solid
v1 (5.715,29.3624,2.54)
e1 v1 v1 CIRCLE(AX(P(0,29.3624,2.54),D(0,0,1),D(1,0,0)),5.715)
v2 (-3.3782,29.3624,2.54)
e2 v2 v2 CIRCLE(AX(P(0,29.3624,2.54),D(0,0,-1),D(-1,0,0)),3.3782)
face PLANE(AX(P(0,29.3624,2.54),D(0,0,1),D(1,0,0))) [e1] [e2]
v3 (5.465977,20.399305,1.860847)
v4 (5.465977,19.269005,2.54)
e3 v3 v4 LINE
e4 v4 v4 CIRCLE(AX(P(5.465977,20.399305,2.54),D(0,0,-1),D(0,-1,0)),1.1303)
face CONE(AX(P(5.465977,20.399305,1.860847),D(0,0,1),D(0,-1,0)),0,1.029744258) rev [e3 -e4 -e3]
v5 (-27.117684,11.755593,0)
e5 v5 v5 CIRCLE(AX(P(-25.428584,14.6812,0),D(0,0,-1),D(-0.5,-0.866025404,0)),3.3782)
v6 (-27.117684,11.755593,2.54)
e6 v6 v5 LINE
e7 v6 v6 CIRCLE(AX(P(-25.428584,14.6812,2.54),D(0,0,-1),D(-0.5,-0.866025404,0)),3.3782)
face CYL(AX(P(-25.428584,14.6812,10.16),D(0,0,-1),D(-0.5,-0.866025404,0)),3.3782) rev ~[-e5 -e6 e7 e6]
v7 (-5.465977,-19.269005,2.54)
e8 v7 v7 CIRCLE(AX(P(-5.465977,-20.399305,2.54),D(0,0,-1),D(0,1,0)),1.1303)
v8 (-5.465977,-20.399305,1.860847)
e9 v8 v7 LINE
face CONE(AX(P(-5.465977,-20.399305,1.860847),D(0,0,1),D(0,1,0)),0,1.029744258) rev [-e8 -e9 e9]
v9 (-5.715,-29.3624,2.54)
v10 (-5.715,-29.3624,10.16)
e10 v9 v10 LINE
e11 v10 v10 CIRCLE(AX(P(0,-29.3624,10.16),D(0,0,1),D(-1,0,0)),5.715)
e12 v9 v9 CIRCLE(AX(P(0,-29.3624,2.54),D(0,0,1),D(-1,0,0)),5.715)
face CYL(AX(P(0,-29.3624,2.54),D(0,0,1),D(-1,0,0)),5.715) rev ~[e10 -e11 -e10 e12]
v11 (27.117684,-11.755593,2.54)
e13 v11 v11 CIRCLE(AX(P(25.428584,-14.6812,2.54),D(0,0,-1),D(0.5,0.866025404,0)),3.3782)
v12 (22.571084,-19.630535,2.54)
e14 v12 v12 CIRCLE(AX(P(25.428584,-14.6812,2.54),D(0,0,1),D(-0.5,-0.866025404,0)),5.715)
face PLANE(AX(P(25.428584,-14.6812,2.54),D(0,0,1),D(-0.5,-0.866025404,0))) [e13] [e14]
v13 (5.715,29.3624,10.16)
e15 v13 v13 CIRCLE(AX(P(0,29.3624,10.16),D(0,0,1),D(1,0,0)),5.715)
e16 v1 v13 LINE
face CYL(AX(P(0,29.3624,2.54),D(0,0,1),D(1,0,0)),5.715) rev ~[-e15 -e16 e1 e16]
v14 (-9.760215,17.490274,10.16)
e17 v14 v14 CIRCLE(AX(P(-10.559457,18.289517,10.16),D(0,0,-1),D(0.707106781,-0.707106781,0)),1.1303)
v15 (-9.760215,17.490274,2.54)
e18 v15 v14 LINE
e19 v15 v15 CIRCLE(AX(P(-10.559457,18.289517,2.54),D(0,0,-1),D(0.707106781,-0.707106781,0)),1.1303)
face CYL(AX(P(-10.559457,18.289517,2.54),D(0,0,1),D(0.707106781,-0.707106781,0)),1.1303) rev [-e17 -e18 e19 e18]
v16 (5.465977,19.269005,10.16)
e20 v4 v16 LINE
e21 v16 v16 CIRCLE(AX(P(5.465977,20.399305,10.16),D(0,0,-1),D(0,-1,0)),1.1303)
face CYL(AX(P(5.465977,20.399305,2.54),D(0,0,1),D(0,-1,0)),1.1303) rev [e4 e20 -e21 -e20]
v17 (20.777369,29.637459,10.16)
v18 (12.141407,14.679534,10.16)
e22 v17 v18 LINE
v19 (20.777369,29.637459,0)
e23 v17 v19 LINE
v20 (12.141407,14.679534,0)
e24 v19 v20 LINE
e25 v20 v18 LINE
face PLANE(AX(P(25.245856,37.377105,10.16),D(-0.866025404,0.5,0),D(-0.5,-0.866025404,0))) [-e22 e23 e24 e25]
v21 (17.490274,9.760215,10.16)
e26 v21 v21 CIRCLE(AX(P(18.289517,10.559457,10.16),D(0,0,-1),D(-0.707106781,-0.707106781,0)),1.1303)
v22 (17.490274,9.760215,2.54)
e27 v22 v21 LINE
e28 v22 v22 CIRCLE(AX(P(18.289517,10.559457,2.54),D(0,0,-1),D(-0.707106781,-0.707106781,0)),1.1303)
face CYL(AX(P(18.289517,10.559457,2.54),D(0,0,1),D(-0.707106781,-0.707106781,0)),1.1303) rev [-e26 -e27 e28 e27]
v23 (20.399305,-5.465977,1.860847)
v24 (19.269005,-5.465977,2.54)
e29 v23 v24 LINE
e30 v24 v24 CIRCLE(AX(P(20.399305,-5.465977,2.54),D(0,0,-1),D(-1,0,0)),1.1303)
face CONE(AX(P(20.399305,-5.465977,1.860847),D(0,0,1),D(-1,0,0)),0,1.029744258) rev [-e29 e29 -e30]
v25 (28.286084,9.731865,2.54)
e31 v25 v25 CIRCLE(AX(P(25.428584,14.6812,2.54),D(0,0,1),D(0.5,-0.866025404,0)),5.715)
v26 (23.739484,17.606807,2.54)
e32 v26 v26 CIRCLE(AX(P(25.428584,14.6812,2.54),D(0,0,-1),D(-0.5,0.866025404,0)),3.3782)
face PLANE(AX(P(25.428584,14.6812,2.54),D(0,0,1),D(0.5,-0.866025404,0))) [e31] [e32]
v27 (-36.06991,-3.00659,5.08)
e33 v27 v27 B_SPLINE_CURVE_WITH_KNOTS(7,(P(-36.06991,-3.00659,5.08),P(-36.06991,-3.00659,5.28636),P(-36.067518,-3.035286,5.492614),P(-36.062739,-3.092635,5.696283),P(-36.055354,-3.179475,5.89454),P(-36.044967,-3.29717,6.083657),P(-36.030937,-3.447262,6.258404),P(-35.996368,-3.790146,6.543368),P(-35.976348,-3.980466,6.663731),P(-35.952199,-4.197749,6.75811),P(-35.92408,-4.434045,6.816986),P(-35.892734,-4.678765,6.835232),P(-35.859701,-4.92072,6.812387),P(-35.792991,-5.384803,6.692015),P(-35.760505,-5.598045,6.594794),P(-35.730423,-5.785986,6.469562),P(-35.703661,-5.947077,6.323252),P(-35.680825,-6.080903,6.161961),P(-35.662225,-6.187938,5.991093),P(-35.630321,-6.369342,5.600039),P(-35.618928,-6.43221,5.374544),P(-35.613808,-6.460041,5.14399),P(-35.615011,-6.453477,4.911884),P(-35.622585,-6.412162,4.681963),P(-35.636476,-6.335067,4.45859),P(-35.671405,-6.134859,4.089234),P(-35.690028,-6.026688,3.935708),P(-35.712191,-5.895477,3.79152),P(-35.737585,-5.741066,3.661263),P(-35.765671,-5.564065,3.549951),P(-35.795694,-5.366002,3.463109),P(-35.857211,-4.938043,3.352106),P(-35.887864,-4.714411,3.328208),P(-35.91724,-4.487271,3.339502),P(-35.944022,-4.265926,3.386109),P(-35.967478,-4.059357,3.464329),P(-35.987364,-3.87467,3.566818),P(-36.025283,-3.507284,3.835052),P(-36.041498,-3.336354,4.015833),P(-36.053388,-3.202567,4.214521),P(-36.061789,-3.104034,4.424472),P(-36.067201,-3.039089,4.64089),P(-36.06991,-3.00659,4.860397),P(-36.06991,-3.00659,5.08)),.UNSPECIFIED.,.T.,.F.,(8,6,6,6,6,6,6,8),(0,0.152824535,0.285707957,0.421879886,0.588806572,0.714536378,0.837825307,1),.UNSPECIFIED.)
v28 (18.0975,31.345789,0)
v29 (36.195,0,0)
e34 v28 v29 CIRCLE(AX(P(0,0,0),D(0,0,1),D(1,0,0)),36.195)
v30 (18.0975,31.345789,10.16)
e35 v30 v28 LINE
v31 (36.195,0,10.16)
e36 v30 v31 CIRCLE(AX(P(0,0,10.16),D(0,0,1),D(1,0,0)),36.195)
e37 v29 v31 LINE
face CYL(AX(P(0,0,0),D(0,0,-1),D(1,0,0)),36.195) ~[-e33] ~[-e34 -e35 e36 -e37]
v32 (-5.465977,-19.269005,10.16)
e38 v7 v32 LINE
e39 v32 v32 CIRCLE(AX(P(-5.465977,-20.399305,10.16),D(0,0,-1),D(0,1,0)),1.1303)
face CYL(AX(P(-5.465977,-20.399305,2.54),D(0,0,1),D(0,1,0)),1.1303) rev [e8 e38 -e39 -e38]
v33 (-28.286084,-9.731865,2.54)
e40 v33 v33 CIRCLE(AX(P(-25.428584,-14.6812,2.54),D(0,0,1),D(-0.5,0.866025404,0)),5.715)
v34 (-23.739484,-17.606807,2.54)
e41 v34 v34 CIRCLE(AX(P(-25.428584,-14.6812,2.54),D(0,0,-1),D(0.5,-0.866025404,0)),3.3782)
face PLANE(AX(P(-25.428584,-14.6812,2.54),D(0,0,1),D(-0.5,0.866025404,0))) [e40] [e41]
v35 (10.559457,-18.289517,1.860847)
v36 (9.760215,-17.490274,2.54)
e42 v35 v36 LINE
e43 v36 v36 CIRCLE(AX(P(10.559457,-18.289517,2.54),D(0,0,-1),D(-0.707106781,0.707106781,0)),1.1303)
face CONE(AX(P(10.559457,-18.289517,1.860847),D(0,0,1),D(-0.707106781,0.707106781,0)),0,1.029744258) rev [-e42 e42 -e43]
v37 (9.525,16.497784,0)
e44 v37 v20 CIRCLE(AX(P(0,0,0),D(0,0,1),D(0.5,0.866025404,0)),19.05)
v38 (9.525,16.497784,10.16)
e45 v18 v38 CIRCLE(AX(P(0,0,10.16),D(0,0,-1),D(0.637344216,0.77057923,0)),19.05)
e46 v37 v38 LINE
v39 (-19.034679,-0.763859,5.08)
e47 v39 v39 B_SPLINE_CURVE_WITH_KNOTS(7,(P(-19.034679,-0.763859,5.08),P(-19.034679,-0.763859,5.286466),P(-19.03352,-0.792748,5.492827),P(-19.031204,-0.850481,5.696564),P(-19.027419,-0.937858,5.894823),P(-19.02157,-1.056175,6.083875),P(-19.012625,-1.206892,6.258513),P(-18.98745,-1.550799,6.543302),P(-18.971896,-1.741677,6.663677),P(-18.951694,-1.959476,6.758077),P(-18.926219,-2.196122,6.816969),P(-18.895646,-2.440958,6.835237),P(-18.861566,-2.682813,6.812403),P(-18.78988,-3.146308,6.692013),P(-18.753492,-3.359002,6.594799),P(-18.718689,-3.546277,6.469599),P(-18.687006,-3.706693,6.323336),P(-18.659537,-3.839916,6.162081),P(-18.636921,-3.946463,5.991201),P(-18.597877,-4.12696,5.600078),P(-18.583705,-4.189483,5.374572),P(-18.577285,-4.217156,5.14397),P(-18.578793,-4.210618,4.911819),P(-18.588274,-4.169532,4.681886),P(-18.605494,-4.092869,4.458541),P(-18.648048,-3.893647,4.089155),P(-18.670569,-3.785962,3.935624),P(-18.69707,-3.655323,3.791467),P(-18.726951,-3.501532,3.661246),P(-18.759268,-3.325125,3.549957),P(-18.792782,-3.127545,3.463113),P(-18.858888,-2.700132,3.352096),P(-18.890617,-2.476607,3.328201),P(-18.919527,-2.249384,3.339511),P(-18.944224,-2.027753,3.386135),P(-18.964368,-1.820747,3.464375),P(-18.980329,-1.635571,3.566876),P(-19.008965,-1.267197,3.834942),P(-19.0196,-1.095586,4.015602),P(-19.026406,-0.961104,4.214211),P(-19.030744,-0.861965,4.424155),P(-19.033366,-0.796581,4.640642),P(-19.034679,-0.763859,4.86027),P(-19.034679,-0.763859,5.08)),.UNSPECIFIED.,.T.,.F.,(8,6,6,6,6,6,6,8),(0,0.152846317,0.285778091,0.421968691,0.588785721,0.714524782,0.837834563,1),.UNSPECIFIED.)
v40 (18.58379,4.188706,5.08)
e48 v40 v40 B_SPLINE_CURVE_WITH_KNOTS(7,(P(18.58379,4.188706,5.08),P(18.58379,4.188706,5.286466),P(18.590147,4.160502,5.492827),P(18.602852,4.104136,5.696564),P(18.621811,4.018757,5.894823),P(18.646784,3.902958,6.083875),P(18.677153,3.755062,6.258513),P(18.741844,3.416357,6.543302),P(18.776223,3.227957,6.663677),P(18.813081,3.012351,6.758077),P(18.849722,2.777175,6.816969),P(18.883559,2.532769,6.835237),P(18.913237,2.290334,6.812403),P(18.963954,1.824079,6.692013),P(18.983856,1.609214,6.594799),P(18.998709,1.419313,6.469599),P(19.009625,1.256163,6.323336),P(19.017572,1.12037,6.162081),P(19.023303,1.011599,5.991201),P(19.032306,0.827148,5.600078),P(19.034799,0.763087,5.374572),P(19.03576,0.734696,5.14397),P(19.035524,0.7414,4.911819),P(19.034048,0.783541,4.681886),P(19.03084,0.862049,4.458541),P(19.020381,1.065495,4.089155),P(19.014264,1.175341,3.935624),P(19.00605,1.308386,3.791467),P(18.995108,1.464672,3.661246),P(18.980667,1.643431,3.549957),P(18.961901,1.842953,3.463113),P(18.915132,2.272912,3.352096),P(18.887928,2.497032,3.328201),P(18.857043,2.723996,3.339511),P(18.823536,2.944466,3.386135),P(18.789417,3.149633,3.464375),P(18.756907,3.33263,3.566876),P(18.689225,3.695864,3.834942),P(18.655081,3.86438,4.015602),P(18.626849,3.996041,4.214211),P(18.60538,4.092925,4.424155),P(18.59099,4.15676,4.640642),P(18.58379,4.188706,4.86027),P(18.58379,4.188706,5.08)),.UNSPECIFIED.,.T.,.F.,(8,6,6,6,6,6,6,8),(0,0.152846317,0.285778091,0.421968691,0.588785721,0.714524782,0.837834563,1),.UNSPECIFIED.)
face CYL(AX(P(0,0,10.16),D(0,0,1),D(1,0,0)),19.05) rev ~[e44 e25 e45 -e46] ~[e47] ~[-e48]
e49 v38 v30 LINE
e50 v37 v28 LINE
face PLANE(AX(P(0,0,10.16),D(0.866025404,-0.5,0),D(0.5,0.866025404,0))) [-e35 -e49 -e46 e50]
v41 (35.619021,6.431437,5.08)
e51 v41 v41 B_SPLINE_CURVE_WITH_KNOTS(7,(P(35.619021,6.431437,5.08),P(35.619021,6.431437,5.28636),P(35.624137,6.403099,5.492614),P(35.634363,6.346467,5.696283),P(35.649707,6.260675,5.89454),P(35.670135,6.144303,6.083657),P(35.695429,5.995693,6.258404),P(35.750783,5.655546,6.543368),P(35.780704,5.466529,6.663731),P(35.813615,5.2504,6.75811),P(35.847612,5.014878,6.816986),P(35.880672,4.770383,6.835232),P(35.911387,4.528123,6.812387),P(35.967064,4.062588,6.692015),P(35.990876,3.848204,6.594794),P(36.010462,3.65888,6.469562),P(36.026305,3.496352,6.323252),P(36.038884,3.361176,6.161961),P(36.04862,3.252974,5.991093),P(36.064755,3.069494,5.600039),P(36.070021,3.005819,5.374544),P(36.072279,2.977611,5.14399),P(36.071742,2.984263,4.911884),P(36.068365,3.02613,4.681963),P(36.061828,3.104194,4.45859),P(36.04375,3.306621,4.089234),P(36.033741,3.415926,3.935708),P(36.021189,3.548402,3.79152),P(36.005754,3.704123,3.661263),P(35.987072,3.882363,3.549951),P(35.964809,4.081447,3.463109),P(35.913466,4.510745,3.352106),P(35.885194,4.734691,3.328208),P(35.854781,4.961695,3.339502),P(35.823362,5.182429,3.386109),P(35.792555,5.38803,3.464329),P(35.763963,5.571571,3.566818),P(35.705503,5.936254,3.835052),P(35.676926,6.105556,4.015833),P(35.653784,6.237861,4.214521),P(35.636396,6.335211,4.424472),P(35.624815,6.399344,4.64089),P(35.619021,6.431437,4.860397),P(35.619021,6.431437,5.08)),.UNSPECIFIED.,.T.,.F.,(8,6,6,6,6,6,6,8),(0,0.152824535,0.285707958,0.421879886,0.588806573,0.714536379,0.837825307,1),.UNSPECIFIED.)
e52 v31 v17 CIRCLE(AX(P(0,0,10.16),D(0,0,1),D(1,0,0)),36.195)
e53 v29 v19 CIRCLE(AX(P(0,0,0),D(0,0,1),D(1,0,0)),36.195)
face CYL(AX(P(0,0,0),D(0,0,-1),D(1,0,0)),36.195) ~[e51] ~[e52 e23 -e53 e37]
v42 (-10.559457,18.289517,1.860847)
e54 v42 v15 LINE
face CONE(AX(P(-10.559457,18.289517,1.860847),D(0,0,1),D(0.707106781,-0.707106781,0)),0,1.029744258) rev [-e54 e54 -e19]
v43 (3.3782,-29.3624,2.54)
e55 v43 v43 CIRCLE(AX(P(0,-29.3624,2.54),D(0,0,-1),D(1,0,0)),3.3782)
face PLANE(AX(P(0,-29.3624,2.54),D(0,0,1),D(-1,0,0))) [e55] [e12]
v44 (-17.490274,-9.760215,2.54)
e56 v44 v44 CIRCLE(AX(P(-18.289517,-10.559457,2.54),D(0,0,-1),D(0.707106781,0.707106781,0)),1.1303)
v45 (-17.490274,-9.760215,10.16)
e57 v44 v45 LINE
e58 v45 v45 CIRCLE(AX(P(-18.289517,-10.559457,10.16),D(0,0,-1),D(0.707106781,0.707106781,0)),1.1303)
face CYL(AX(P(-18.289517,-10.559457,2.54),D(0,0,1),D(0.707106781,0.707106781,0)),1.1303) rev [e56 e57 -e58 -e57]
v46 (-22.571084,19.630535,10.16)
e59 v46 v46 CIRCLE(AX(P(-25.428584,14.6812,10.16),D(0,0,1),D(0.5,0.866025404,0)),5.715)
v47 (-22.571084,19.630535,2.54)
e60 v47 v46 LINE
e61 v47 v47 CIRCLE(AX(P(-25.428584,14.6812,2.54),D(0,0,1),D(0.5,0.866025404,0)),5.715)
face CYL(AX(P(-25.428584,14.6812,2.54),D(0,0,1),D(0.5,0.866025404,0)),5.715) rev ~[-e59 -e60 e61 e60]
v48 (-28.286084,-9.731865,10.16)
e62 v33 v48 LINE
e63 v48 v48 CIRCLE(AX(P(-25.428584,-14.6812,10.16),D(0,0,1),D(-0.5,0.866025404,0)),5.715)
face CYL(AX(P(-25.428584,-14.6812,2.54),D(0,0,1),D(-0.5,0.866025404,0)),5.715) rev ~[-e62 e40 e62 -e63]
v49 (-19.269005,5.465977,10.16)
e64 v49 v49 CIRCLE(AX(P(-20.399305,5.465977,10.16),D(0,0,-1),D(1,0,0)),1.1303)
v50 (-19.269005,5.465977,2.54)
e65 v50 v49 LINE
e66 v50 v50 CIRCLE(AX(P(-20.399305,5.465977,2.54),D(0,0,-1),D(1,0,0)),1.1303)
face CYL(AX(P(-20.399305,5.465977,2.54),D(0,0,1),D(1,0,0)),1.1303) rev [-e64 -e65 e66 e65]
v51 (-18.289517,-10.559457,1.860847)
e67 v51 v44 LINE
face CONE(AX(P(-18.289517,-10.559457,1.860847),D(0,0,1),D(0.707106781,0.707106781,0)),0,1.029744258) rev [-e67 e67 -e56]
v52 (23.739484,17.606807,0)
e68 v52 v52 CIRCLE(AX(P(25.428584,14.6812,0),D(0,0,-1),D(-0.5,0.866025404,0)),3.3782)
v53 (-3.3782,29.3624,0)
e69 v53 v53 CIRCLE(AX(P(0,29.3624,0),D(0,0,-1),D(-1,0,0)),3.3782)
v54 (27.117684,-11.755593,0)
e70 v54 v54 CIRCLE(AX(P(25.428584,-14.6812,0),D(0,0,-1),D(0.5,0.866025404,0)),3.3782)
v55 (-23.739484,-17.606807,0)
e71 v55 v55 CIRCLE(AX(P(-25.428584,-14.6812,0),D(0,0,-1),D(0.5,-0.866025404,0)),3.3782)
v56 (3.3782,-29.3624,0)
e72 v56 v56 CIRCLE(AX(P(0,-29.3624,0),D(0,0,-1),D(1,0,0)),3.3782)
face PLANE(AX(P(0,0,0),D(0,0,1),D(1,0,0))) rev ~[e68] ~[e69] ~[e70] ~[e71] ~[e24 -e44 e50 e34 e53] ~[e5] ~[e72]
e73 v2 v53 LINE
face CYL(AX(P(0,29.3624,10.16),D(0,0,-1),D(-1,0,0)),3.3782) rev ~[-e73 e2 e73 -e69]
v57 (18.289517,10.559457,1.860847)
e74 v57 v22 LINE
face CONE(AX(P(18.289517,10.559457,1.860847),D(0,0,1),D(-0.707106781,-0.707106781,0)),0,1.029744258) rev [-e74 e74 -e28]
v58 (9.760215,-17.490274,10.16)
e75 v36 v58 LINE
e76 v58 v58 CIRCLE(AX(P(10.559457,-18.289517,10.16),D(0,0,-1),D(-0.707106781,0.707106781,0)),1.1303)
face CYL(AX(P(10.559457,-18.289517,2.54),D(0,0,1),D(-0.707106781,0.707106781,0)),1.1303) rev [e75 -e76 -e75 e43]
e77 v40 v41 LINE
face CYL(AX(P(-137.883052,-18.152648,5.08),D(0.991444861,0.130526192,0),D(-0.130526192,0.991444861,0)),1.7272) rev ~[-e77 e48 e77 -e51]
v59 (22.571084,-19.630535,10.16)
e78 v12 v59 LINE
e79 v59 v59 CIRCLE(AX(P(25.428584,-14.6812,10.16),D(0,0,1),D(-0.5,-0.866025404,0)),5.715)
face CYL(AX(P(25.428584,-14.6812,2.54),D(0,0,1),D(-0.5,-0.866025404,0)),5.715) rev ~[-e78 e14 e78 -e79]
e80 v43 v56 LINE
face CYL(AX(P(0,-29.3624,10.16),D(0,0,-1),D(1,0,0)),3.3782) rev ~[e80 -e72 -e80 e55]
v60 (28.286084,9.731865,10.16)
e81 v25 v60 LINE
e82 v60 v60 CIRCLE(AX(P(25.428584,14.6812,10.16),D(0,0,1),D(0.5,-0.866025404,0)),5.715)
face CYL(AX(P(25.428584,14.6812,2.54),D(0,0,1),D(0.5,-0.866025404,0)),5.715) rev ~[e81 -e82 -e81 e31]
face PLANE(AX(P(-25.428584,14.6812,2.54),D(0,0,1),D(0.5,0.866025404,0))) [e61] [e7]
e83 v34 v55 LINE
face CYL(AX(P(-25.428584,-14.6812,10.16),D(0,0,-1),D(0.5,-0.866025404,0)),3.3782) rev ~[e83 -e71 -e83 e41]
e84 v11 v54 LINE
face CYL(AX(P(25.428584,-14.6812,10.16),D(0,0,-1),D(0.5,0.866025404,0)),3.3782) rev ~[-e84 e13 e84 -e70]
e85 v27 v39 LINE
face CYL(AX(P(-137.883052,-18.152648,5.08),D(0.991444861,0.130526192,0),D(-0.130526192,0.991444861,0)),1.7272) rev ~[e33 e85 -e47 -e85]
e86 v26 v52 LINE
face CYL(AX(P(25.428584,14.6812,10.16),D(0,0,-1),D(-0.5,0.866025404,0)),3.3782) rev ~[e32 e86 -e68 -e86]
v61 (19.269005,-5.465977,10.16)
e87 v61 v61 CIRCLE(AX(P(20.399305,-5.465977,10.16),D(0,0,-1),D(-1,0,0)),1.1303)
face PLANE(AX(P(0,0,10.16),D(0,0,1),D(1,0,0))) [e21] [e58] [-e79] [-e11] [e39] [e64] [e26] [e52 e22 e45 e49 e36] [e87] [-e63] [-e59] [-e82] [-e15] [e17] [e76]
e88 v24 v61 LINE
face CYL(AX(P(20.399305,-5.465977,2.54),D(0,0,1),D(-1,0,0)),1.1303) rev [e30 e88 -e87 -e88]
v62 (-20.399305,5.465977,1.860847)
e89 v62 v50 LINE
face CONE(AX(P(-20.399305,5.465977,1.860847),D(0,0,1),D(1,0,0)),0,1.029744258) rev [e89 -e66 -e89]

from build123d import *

# Parameters (mm, degrees)
SKETCH2_R                                = 36.195
BOSS_EXTRUDE1_DEPTH                      = 10.16
SKETCH3_R                                = 19.05
CUT_EXTRUDE1_DEPTH                       = 53.186029261
CBORE_FOR_1_4_HEX_HEAD_BOLT1_D           = 6.7564
CBORE_FOR_1_4_HEX_HEAD_BOLT1_CBORE_D     = 11.43
CBORE_FOR_1_4_HEX_HEAD_BOLT1_CBORE_DEPTH = 7.62
CIRPATTERN1_COUNT                        = 6
CIRPATTERN5_COUNT                        = 8
CUT_EXTRUDE9_DEPTH                       = 53.186029261
F_8_32_TAPPED_HOLE3_D                    = 3.4544


with BuildPart() as part:
    # Sketch2 → Boss-Extrude1 (new body)
    with BuildSketch(Plane.XY):
        Circle(SKETCH2_R)
    extrude(amount=BOSS_EXTRUDE1_DEPTH)

    # Sketch3 → Cut-Extrude1 (cut, through all)
    with BuildSketch(Plane.XY.offset(10.16)):
        Circle(SKETCH3_R)
    extrude(amount=-CUT_EXTRUDE1_DEPTH, mode=Mode.SUBTRACT)

    # CBORE for 1/4 Hex Head Bolt1 (through all)
    with Locations(Plane.XY.offset(10.16)):
        with Locations((0, 29.3624)):
            cbore_for_1_4_hex_head_bolt1 = CounterBoreHole(CBORE_FOR_1_4_HEX_HEAD_BOLT1_D / 2, CBORE_FOR_1_4_HEX_HEAD_BOLT1_CBORE_D / 2, CBORE_FOR_1_4_HEX_HEAD_BOLT1_CBORE_DEPTH)

    # CirPattern1: CBORE for 1/4 Hex Head Bolt1 ×6 about axis
    cirpattern1_axis = Axis((0, 0, 0), (0, 0, 1))
    for i in range(1, CIRPATTERN1_COUNT):
        add(cbore_for_1_4_hex_head_bolt1.rotate(cirpattern1_axis, i * 360 / CIRPATTERN1_COUNT), mode=Mode.SUBTRACT)

    # Sketch35 → #4-40 Tapped Hole1 (revolve, cut)
    with BuildSketch(Plane(origin=(5.465977373, 20.39930527, 10.16), x_dir=(0, -1, 0), z_dir=(1, 0, 0))):
        Polygon((0, 0), (0, 8.299152758), (1.1303, 7.62), (1.1303, 0), align=None)
    f_4_40_tapped_hole1 = revolve(axis=Axis((5.465977373, 20.39930527, 16.51), (0, 0, -1)), mode=Mode.SUBTRACT)

    # CirPattern5: #4-40 Tapped Hole1 ×8 about axis
    cirpattern5_axis = Axis((0, 0, 0), (0, 0, 1))
    for i in range(1, CIRPATTERN5_COUNT):
        add(f_4_40_tapped_hole1.rotate(cirpattern5_axis, i * 360 / CIRPATTERN5_COUNT), mode=Mode.SUBTRACT)

    # Sketch44 → Cut-Extrude9 (cut, through all)
    with BuildSketch(Plane.XY.offset(10.16)):
        Polygon((0, 0), (22.496225018, 38.964604709), (25.245855675, 37.377104709), (2.749630657, -1.5875), align=None)
    extrude(amount=-CUT_EXTRUDE9_DEPTH, mode=Mode.SUBTRACT)

    # #8-32 Tapped Hole3 (through all)
    with Locations(Plane(origin=(-35.885346757, -4.724395527, 5.08), x_dir=(0.13052619222, -0.991444861374, 0), z_dir=(-0.991444861374, -0.13052619222, 0))):
        with Locations((0, 0)):
            Hole(F_8_32_TAPPED_HOLE3_D / 2)


solid = part.part
